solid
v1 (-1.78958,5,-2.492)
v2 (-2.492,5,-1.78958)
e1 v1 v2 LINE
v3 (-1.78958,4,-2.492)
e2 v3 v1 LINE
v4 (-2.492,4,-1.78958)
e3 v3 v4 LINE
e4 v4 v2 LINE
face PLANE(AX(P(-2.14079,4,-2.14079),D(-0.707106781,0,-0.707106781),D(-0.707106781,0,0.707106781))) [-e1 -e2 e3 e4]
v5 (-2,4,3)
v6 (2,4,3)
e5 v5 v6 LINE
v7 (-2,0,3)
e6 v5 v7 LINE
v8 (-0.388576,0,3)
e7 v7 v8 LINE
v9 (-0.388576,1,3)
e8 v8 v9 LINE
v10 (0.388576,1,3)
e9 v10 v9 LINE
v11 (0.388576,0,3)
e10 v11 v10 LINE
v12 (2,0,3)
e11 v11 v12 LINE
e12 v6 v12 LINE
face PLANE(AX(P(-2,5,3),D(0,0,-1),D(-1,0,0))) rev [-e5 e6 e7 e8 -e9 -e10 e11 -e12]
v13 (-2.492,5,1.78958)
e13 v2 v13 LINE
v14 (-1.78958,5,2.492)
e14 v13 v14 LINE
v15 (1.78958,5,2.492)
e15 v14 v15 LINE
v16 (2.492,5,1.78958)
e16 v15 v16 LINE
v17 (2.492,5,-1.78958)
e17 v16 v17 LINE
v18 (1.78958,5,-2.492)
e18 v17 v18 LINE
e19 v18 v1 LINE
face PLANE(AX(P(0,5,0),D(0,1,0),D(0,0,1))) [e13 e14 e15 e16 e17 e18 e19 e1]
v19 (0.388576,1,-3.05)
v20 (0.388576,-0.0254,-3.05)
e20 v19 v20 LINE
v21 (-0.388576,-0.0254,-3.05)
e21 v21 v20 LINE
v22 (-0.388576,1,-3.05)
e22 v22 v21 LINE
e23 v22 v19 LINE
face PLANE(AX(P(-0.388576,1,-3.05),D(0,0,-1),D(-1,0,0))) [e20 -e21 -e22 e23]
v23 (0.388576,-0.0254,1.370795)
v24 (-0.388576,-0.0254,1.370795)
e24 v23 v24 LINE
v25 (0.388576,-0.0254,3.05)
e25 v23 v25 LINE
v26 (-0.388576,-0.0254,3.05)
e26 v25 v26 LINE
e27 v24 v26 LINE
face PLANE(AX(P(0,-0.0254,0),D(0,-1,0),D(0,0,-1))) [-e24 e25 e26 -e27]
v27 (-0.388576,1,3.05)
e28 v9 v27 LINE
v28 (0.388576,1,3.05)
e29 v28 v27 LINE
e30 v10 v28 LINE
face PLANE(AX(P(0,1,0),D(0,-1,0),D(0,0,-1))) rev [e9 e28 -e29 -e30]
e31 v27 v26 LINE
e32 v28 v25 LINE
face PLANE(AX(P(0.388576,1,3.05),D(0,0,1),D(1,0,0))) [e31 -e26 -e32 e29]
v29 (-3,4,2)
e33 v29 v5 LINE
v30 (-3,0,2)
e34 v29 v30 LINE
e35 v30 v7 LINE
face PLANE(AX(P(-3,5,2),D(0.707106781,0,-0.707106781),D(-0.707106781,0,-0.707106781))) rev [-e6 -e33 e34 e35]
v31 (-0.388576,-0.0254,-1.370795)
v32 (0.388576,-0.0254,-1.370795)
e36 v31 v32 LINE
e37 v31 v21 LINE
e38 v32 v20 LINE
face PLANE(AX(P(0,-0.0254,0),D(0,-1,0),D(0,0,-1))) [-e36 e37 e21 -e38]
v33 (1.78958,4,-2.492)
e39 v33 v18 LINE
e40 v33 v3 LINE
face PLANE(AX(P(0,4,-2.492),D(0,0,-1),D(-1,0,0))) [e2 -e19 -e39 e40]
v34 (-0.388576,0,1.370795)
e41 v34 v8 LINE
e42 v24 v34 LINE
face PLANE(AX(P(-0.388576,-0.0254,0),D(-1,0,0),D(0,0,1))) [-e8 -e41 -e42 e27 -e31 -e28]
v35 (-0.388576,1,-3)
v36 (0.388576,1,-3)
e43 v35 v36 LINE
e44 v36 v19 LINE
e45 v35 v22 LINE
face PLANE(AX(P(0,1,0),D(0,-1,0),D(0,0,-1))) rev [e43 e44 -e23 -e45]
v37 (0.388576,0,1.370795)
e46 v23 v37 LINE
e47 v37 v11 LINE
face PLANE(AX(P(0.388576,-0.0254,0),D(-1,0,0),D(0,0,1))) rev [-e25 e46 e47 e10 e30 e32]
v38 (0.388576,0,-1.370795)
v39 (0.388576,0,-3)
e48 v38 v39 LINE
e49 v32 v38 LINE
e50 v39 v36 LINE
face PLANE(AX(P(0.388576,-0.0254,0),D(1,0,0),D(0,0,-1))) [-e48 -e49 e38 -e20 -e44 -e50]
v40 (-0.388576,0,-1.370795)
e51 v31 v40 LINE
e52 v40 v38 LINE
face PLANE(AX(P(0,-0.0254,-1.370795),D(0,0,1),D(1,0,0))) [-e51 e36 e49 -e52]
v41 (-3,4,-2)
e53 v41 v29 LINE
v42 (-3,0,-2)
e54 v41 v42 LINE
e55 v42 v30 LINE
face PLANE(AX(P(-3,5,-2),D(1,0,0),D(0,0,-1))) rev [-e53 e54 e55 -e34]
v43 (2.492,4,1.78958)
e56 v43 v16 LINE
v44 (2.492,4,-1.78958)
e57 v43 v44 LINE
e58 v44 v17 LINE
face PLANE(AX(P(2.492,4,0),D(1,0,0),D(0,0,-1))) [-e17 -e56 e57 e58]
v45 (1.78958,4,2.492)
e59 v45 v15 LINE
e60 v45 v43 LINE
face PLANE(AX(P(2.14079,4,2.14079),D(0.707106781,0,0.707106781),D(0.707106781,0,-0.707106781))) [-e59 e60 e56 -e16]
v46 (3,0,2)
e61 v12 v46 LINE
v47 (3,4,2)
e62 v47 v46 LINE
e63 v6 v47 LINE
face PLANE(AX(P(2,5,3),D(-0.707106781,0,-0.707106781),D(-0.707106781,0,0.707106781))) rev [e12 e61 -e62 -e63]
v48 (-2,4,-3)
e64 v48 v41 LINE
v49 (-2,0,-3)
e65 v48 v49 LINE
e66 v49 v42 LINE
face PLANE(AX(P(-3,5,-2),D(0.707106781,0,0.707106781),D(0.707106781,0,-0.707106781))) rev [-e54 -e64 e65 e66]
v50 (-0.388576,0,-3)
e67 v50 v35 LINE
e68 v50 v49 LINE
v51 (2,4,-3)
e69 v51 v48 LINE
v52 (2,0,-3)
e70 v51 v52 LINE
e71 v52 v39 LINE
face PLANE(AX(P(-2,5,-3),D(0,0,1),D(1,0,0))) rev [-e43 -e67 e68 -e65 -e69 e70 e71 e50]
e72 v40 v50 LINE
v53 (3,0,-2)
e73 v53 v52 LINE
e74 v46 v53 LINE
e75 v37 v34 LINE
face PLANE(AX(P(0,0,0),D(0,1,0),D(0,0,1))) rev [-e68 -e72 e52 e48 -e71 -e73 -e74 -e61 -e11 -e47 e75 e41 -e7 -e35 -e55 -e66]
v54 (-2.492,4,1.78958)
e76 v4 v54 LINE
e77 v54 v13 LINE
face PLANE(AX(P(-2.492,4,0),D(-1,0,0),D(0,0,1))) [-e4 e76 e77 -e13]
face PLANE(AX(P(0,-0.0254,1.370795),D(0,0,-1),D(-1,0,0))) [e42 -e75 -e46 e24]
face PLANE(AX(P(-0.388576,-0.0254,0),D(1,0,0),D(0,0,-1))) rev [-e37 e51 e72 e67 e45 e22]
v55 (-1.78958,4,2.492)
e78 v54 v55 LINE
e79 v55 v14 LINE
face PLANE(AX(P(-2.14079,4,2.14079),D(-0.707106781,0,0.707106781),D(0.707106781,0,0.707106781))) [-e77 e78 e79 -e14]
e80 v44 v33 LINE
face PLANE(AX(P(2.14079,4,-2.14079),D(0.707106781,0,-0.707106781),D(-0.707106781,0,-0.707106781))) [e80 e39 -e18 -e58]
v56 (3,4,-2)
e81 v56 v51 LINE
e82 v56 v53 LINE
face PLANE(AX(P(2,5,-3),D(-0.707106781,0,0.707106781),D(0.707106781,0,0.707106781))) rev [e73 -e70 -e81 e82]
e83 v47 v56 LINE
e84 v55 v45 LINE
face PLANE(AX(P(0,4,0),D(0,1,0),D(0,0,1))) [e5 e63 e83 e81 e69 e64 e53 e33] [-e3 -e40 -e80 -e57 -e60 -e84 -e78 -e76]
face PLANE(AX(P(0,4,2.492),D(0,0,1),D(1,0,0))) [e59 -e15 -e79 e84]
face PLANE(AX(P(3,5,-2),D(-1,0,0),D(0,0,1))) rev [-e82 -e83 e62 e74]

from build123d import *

# Parameters (mm, degrees)
BOSS_EXTRUDE1_DEPTH      = 5
CUT_EXTRUDE1_DEPTH       = 1
BOSS_EXTRUDE2_DEPTH      = 0.0254
BOSS_EXTRUDE2_DEPTH_BACK = 1
SKETCH3_W                = 0.777152918
SKETCH3_H                = 1.679205413


with BuildPart() as part:
    # Sketch1 → Boss-Extrude1 (new body)
    with BuildSketch(Plane(origin=(0, 0, 0), x_dir=(1, 0, 0), z_dir=(0, 1, 0))):
        Polygon((-3, 2), (-2, 3), (2, 3), (3, 2), (3, -2), (2, -3), (-2, -3), (-3, -2), align=None)
    extrude(amount=BOSS_EXTRUDE1_DEPTH)

    # Sketch2 → Cut-Extrude1 (cut)
    with BuildSketch(Plane(origin=(0, 5, 0), x_dir=(1, 0, 0), z_dir=(0, 1, 0))):
        Polygon((3, -2), (3, 2), (2, 3), (-2, 3), (-3, 2), (-3, -2), (-2, -3), (2, -3), align=None)
        Polygon((2.492, -1.78957951), (2.492, 1.78957951), (1.78957951, 2.492), (-1.78957951, 2.492), (-2.492, 1.78957951), (-2.492, -1.78957951), (-1.78957951, -2.492), (1.78957951, -2.492), align=None, mode=Mode.SUBTRACT)
    extrude(amount=-CUT_EXTRUDE1_DEPTH, mode=Mode.SUBTRACT)

    # Sketch3 → Boss-Extrude2 (add, two sides: drawn at the far end of the back side and taken through both)
    with BuildSketch(Plane.XZ.offset(-BOSS_EXTRUDE2_DEPTH_BACK)):
        with Locations((0, 2.210397294)):
            Rectangle(SKETCH3_W, SKETCH3_H)
        with Locations((0, -2.210397294)):
            Rectangle(SKETCH3_W, SKETCH3_H)
    extrude(amount=BOSS_EXTRUDE2_DEPTH + BOSS_EXTRUDE2_DEPTH_BACK)


solid = part.part
